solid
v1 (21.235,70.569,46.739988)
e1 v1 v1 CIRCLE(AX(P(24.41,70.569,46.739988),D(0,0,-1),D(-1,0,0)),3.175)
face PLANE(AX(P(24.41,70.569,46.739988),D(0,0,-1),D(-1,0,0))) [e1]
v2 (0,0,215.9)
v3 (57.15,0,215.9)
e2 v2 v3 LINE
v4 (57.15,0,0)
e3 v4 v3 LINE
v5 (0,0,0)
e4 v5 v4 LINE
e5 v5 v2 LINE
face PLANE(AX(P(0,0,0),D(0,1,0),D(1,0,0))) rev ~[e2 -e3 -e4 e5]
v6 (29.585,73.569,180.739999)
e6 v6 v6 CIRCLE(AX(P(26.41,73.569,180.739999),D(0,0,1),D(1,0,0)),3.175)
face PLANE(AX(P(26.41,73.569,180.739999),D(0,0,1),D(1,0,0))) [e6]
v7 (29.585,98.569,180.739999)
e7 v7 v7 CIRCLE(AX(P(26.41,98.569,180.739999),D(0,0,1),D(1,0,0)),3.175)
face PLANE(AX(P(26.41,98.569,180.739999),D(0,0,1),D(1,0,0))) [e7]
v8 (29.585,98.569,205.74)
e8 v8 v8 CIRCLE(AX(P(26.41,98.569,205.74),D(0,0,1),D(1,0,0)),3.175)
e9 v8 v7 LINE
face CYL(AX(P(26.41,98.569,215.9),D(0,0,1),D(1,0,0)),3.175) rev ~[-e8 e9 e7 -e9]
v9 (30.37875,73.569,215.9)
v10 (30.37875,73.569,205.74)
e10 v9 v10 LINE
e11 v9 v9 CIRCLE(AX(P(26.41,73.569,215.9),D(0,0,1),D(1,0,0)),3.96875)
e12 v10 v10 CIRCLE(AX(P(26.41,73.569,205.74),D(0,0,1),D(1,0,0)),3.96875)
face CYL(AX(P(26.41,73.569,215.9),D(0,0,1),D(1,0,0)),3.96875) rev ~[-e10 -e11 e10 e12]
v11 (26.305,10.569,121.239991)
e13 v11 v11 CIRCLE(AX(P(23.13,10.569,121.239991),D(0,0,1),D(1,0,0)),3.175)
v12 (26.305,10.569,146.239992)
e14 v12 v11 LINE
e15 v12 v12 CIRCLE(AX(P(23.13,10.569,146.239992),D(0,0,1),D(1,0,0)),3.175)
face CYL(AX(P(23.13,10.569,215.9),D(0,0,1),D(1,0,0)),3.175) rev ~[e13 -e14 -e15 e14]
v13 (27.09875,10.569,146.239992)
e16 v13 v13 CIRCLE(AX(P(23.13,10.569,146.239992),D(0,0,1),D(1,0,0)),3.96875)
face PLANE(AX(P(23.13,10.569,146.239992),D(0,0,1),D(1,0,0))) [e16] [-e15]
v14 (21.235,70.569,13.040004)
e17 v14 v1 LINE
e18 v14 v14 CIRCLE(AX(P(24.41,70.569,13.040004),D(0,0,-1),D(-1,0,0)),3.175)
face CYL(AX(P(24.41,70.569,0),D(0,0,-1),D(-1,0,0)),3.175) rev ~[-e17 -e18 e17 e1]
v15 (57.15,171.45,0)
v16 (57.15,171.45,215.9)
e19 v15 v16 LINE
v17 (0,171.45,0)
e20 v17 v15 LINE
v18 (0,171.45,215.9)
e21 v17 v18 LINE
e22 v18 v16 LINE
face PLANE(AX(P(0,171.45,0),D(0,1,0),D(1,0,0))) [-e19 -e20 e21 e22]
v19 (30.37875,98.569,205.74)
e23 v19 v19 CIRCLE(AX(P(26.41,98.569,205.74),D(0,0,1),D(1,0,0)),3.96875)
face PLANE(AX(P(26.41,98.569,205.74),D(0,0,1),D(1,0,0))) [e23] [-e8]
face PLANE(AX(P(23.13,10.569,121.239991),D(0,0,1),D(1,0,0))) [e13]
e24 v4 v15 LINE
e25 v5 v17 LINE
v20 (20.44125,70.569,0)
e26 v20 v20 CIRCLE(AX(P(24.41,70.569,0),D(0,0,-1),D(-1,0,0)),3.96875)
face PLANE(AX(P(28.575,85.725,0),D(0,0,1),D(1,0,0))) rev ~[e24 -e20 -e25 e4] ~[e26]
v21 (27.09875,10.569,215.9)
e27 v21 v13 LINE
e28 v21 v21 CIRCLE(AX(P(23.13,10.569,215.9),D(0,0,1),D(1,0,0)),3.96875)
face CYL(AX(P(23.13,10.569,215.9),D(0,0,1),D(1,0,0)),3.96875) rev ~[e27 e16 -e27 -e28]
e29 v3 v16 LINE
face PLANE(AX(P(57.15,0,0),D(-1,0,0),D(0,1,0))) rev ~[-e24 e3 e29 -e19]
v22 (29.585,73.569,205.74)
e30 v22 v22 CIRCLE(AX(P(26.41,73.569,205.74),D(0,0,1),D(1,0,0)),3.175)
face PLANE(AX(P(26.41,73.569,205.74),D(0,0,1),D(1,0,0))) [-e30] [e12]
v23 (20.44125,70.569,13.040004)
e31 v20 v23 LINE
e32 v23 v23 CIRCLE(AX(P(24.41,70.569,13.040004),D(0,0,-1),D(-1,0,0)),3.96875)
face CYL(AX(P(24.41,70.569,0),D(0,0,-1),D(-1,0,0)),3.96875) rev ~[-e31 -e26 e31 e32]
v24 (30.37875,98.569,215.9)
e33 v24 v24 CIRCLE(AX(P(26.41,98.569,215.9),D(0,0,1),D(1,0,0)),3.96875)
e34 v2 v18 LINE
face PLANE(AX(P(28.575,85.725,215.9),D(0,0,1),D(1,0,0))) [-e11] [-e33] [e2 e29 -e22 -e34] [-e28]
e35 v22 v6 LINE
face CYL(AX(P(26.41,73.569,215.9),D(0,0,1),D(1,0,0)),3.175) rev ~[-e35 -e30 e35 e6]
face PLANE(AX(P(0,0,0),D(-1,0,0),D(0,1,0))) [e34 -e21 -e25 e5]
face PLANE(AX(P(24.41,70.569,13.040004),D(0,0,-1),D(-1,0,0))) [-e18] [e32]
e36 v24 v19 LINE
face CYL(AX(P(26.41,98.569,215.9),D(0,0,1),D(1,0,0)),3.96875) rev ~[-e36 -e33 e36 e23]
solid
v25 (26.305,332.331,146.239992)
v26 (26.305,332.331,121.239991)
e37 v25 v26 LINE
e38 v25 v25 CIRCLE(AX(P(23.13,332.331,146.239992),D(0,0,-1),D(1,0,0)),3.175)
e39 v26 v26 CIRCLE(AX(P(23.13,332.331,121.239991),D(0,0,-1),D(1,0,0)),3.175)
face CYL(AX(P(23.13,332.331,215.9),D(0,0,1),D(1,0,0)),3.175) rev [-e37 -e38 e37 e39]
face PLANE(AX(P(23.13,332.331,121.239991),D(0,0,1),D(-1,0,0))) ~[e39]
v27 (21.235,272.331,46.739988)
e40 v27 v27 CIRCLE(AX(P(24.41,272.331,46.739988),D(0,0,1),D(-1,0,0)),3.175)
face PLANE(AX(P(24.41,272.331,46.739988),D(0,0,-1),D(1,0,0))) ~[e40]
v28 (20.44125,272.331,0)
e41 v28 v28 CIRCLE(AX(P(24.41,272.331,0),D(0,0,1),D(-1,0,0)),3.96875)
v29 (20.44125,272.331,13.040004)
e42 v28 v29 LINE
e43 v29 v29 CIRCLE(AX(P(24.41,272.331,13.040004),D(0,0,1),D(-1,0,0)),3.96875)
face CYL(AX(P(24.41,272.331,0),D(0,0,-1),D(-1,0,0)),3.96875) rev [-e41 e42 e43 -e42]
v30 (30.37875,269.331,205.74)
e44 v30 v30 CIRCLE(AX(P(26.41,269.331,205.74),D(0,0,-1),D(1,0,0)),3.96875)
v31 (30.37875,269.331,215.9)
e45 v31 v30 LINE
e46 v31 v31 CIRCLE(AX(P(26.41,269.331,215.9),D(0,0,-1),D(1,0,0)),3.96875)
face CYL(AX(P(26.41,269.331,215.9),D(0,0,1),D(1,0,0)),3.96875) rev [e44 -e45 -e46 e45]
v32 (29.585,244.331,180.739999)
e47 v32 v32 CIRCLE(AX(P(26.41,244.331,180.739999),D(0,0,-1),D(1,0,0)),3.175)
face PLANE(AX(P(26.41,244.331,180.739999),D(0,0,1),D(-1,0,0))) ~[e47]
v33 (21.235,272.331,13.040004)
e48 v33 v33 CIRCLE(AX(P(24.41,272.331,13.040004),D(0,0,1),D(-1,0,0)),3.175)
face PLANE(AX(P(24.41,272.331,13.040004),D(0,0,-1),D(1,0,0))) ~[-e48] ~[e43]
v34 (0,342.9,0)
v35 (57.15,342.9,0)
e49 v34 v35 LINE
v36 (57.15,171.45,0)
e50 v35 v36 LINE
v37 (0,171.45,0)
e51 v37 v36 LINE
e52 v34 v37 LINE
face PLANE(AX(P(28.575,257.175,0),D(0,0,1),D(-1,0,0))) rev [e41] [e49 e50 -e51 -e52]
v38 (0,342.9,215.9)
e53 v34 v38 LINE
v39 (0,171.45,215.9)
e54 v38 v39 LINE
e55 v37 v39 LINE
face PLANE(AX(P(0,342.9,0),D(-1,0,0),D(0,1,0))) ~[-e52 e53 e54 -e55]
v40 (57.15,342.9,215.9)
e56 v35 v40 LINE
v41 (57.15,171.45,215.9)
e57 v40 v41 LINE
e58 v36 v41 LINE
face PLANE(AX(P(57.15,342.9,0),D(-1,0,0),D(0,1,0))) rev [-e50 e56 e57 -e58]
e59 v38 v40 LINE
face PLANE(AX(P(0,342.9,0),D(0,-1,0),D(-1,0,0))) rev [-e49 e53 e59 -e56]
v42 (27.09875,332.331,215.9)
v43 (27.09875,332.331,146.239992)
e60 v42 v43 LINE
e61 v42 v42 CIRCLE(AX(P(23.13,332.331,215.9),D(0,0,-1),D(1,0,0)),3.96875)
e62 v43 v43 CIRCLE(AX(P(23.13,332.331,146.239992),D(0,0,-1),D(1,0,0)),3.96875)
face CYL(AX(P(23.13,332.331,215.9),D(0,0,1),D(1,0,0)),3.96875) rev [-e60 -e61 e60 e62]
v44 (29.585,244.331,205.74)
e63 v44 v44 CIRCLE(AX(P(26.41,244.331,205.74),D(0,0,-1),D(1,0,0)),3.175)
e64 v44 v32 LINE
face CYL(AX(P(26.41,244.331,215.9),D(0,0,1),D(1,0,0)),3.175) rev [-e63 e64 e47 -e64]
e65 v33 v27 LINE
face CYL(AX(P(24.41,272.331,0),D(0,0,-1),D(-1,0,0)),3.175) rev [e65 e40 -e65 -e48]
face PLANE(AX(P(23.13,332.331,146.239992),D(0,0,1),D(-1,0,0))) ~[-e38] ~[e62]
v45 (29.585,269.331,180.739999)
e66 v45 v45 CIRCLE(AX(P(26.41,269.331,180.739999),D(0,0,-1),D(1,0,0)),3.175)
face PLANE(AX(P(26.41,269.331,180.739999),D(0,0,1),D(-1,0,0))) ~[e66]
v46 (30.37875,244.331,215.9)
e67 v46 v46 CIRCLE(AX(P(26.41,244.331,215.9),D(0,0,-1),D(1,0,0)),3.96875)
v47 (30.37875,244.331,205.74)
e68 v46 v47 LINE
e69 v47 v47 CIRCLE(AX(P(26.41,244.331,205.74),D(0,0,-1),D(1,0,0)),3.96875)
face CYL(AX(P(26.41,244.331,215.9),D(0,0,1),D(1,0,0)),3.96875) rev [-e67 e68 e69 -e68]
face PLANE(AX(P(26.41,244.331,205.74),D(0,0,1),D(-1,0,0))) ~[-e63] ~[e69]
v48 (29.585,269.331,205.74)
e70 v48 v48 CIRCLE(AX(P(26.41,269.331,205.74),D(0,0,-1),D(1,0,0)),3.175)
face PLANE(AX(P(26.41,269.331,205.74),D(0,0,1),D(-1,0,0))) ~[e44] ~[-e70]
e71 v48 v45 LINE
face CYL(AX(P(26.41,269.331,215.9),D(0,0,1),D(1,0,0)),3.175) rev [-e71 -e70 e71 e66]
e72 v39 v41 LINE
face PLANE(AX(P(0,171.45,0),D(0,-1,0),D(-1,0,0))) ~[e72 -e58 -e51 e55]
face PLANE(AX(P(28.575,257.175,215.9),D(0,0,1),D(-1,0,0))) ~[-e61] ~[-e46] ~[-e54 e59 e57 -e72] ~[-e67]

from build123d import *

# Parameters (mm, degrees)
SKETCH1_W           = 57.15
SKETCH1_H           = 171.45
BOSS_EXTRUDE1_DEPTH = 215.9
SKETCH2_R           = 3.175
CUT_EXTRUDE1_DEPTH  = 46.7399878
SKETCH3_R           = 3.96875
CUT_EXTRUDE2_DEPTH  = 13.0400044
SKETCH4_R           = 3.175
CUT_EXTRUDE3_DEPTH  = 35.1600008
SKETCH5_R           = 3.175
CUT_EXTRUDE4_DEPTH  = 94.6600088
SKETCH6_R           = 3.96875
CUT_EXTRUDE5_DEPTH  = 10.16
SKETCH7_R           = 3.96875
CUT_EXTRUDE6_DEPTH  = 69.660008


with BuildPart() as part:
    # Sketch1 → Boss-Extrude1 (new body)
    with BuildSketch(Plane.XY):
        with Locations((28.575, 85.725)):
            Rectangle(SKETCH1_W, SKETCH1_H)
    extrude(amount=BOSS_EXTRUDE1_DEPTH)

    # Sketch2 → Cut-Extrude1 (cut)
    with BuildSketch(Plane(origin=(0, 0, 0), x_dir=(-1, 0, 0), z_dir=(0, 0, -1))):
        with Locations((-24.41, 70.569)):
            Circle(SKETCH2_R)
    extrude(amount=-CUT_EXTRUDE1_DEPTH, mode=Mode.SUBTRACT)

    # Sketch3 → Cut-Extrude2 (cut)
    with BuildSketch(Plane(origin=(0, 0, 0), x_dir=(-1, 0, 0), z_dir=(0, 0, -1))):
        with Locations((-24.41, 70.569)):
            Circle(SKETCH3_R)
    extrude(amount=-CUT_EXTRUDE2_DEPTH, mode=Mode.SUBTRACT)

    # Sketch4 → Cut-Extrude3 (cut)
    with BuildSketch(Plane.XY.offset(215.9)):
        with Locations((26.41, 73.569)):
            Circle(SKETCH4_R)
        with Locations((26.41, 98.569)):
            Circle(SKETCH4_R)
    extrude(amount=-CUT_EXTRUDE3_DEPTH, mode=Mode.SUBTRACT)

    # Sketch5 → Cut-Extrude4 (cut)
    with BuildSketch(Plane.XY.offset(215.9)):
        with Locations((23.13, 10.569)):
            Circle(SKETCH5_R)
    extrude(amount=-CUT_EXTRUDE4_DEPTH, mode=Mode.SUBTRACT)

    # Sketch6 → Cut-Extrude5 (cut)
    with BuildSketch(Plane.XY.offset(215.9)):
        with Locations((26.41, 73.569)):
            Circle(SKETCH6_R)
        with Locations((26.41, 98.569)):
            Circle(SKETCH6_R)
    extrude(amount=-CUT_EXTRUDE5_DEPTH, mode=Mode.SUBTRACT)

    # Sketch7 → Cut-Extrude6 (cut)
    with BuildSketch(Plane.XY.offset(215.9)):
        with Locations((23.13, 10.569)):
            Circle(SKETCH7_R)
    extrude(amount=-CUT_EXTRUDE6_DEPTH, mode=Mode.SUBTRACT)


with BuildPart() as body_2:
    # Mirror2: mirrored copy
    add(part.part.mirror(Plane(origin=(0, 171.45, 215.9), x_dir=(0, 0, 1), z_dir=(0, -1, 0))))


solid = Compound([part.part, body_2.part])
